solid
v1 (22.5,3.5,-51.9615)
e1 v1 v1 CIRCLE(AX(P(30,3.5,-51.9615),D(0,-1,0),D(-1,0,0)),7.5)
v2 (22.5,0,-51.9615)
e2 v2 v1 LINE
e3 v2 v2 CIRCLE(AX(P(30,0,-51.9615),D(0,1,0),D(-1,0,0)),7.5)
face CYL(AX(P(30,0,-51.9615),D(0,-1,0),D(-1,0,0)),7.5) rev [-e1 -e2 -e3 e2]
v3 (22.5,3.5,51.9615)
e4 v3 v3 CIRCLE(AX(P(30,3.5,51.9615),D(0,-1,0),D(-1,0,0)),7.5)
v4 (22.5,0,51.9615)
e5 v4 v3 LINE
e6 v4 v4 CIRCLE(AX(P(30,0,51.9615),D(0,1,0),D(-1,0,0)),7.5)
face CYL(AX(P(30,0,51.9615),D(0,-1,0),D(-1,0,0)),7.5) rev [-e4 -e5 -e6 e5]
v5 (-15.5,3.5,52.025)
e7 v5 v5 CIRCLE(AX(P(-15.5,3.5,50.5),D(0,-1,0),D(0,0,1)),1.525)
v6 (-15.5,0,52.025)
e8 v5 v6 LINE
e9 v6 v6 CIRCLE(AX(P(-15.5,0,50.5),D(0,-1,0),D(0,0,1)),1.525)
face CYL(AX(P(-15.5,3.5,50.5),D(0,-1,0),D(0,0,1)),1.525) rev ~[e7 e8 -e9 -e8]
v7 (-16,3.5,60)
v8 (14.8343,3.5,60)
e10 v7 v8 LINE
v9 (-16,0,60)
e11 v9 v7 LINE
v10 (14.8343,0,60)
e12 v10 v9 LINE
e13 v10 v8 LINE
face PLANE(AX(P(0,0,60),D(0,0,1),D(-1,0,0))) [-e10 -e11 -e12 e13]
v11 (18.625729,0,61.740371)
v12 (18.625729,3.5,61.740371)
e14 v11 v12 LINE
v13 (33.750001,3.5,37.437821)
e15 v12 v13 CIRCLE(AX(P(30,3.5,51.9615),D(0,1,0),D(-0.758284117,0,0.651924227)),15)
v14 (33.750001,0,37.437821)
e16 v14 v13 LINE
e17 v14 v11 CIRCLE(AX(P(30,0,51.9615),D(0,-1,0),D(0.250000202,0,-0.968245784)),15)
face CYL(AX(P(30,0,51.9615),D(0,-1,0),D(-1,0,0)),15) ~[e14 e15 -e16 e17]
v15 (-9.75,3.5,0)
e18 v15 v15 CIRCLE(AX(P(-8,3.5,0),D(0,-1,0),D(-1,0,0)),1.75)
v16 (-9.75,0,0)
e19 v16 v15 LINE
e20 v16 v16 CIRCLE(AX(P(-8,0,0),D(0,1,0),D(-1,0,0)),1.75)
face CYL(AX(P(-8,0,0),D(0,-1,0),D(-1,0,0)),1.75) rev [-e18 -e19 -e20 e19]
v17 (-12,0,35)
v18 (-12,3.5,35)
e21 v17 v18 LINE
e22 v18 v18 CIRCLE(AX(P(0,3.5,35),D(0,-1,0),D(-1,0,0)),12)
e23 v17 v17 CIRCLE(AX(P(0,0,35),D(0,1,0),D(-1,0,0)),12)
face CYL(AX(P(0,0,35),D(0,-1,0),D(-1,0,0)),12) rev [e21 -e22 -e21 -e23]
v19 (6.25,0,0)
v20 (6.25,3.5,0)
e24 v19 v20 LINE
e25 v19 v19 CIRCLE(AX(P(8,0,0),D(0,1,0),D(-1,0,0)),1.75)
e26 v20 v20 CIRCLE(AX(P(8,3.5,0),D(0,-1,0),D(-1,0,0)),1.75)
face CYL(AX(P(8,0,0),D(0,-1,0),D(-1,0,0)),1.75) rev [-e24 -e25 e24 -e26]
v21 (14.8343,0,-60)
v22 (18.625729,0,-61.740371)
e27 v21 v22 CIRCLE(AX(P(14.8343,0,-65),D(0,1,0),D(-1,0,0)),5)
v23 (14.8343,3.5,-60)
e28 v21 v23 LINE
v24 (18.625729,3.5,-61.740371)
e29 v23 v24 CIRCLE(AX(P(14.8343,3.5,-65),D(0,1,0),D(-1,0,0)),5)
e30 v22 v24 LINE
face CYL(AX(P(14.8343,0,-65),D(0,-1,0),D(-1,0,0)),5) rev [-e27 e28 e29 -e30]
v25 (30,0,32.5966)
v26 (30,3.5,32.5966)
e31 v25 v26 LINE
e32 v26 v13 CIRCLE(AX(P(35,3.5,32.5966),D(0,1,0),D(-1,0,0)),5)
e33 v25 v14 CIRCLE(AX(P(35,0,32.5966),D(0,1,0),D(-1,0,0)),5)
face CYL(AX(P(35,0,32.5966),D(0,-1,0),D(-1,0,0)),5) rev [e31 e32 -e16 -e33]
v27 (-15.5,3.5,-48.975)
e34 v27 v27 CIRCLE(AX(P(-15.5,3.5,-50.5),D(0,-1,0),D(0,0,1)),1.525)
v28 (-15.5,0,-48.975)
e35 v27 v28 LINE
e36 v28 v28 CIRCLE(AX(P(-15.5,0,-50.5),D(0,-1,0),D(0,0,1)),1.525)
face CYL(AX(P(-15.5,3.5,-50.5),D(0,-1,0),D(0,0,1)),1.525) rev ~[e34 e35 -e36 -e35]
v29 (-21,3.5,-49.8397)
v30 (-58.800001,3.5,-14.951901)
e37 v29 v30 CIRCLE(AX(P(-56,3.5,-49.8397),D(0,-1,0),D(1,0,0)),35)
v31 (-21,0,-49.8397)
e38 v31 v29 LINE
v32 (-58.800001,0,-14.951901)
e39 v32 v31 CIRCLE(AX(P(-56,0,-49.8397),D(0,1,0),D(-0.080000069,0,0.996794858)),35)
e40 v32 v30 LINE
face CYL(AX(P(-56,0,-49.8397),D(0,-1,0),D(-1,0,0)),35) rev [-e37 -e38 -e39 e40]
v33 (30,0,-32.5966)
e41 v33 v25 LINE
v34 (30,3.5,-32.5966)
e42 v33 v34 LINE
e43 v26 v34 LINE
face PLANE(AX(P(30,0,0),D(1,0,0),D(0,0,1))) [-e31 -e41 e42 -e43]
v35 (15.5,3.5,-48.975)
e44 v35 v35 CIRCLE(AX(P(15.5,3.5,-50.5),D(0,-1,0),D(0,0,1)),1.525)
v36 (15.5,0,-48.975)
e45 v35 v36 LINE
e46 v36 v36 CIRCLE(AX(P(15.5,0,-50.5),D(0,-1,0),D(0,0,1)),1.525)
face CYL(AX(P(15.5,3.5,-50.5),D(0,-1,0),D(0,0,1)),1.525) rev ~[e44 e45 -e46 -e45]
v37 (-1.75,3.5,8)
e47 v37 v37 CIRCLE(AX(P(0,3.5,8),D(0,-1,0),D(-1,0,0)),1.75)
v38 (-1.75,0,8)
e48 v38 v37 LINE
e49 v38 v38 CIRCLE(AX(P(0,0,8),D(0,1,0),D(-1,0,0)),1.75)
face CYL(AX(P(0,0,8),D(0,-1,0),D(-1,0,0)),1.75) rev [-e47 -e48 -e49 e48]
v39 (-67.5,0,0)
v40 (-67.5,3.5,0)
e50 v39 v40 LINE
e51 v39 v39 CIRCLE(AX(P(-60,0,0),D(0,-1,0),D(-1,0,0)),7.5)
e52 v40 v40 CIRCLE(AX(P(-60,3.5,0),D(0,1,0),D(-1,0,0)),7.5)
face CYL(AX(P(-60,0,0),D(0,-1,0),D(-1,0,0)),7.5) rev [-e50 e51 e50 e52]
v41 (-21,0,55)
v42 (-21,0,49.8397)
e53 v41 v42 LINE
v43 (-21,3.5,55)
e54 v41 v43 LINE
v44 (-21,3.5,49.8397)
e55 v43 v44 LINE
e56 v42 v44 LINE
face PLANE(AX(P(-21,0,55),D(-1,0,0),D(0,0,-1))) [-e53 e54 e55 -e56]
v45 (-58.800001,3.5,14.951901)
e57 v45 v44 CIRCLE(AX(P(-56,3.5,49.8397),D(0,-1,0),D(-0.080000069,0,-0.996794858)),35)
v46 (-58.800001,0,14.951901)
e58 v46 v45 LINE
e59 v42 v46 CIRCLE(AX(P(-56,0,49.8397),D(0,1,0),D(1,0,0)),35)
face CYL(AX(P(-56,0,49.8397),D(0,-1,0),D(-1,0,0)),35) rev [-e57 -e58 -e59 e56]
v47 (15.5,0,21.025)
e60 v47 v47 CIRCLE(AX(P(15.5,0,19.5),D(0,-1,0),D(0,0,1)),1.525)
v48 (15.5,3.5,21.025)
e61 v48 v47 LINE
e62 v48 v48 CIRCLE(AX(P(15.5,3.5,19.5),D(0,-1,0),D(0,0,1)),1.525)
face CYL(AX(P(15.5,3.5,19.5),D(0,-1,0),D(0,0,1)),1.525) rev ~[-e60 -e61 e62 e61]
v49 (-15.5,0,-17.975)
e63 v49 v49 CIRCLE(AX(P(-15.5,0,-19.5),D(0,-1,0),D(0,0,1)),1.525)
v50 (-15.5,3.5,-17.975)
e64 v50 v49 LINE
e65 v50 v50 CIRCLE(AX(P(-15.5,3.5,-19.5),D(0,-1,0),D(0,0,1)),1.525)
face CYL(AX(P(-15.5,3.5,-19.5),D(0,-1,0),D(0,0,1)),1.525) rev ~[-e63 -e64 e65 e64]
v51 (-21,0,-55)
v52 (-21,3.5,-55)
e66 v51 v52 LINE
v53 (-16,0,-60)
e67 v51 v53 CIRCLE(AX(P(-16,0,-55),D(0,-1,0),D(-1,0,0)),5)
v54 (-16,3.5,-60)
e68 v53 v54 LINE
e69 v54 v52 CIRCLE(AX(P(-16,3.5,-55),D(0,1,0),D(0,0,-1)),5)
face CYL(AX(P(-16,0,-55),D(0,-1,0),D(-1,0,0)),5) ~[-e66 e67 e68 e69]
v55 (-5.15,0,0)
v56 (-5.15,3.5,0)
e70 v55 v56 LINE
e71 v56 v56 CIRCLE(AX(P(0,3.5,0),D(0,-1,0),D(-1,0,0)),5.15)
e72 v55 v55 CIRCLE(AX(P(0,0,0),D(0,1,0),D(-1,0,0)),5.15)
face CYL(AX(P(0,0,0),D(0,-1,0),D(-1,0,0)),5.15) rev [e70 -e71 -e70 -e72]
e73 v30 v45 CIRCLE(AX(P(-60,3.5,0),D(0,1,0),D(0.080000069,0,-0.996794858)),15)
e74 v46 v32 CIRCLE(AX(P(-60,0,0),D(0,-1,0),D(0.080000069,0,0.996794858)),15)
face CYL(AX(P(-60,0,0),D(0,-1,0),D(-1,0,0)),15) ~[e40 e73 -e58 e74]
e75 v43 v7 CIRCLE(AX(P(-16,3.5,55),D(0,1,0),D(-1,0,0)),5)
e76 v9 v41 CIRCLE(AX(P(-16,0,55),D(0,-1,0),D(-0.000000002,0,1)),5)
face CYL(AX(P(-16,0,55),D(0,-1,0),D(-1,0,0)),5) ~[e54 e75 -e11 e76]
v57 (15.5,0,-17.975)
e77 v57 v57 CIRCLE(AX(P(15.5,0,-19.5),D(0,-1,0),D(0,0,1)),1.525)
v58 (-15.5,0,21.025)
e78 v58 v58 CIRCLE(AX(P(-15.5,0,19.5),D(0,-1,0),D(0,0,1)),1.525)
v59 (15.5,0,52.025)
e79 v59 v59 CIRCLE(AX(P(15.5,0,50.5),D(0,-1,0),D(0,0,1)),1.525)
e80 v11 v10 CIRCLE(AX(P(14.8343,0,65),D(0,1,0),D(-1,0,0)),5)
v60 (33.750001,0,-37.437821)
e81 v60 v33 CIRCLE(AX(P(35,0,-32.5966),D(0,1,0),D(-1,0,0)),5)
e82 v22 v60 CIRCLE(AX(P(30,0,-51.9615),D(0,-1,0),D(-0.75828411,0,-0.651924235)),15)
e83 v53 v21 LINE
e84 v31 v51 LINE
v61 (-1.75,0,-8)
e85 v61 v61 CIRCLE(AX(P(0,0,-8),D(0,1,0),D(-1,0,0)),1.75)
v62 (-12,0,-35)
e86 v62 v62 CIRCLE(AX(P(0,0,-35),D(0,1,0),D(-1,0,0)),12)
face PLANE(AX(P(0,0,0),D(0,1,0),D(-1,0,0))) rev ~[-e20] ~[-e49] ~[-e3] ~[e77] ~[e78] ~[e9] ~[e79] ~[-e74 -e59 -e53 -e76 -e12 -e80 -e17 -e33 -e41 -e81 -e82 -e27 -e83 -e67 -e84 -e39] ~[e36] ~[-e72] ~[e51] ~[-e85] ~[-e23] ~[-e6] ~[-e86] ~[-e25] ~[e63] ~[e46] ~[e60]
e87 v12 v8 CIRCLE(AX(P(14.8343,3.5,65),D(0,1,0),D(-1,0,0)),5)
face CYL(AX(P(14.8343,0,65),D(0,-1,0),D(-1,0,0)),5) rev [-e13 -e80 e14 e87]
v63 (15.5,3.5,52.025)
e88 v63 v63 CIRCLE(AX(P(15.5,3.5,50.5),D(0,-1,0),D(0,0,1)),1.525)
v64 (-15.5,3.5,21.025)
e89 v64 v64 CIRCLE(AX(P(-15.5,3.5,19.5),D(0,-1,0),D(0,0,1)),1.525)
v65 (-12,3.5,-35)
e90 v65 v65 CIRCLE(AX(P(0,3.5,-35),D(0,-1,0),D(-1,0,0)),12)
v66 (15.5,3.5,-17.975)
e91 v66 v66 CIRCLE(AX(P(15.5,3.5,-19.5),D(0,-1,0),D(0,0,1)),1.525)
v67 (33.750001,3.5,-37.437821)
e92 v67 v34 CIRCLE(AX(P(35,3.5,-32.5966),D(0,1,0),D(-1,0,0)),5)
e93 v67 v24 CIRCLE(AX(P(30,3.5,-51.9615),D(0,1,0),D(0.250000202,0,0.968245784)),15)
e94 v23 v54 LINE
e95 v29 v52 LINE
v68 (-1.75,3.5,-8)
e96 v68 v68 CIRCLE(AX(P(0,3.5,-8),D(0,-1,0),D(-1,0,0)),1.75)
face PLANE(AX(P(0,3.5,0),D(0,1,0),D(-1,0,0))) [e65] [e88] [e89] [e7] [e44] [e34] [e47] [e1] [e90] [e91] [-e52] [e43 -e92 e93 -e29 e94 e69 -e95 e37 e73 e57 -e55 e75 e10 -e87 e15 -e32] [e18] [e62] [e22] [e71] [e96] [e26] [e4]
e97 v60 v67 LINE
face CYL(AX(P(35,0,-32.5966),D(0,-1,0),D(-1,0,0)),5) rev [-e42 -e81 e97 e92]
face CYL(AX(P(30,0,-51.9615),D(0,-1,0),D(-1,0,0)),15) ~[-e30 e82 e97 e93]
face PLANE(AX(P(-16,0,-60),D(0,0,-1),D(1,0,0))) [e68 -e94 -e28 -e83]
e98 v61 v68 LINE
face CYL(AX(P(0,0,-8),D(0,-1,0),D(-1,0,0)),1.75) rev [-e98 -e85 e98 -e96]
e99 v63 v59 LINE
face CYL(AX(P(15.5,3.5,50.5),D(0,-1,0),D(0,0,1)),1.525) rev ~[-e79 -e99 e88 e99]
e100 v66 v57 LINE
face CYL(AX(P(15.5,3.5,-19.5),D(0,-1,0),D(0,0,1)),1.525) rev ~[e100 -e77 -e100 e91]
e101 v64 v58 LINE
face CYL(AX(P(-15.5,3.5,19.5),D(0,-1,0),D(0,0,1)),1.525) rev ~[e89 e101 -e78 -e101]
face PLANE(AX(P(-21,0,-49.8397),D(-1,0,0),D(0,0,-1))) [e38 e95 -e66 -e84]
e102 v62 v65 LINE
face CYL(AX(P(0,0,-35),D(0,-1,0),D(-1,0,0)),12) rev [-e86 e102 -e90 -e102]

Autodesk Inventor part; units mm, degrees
ref_plane "YZ Plane" through (0, 0, 0) normal (1, 0, 0) x (0, 1, 0)
ref_plane "XZ Plane" through (0, 0, 0) normal (0, 1, 0) x (-1, 0, 0)
ref_plane "XY Plane" through (0, 0, 0) normal (0, 0, 1) x (1, 0, 0)
sketch "Sketch1" plane through (0, 0, 0) normal (0, 1, 0) x (-1, 0, 0)
  circle A0 centre (0, 0) radius 60
  circle A1 centre (60, 0) radius 7.5
  circle A2 centre (-30, 51.9615) radius 7.5
  circle A3 centre (-30, -51.9615) radius 7.5
  circle A4 centre (0, -35) radius 12
  line L0 (0, -118.7756) -> (0, 118.7756) projected
  line L1 (121.2, 0) -> (-90.2, 0) projected
  circle A5 centre (0, 35) radius 12
  line L2 (21, 10) -> (-21, 10)
  line L3 (-21, 10) -> (-21, 60)
  line L4 (-21, 60) -> (21, 60)
  line L5 (21, 60) -> (21, 10)
  line L6 (21, 10) -> (-21, 60) construction
  line L7 (-21, 10) -> (21, 60) construction
  line L8 (21, -60) -> (-21, -60)
  line L9 (-21, -60) -> (-21, -10)
  line L10 (-21, -10) -> (21, -10)
  line L11 (21, -10) -> (21, -60)
  line L12 (21, -60) -> (-21, -10) construction
  line L13 (-21, -60) -> (21, -10) construction
  circle A6 centre (60, 0) radius 15
  circle A7 centre (-30, 51.9615) radius 15
  circle A8 centre (-30, -51.9615) radius 15
  circle A9 centre (56, 49.8397) radius 35
  circle A10 centre (56, -49.8397) radius 35
  circle A11 centre (0, 0) radius 5.15
  circle A12 centre (16, 55) radius 5
  circle A13 centre (16, -55) radius 5
  circle A14 centre (-14.8343, -65) radius 5
  circle A15 centre (-14.8343, 65) radius 5
  line L14 (-30, -36.9615) -> (-30, 36.9615)
  circle A16 centre (-35, -32.5966) radius 5
  circle A17 centre (-35, 32.5966) radius 5
  circle A18 centre (0, -8) radius 1.75
  circle A19 centre (8, 0) radius 1.75
  circle A20 centre (0, 8) radius 1.75
  circle A21 centre (-8, 0) radius 1.75
  line L15 (0, -9.75) -> (0, -10)
  point P0 (58.8, 14.9519)
  point P1 (21, 49.8397)
  point P2 (21, 55)
  point P3 (16, 60)
  point P4 (-16.174, 57.7789)
  point P5 (-21, 56.3204)
  point P6 (-21, -56.3204)
  point P7 (16, -60)
  point P8 (21, -55)
  point P9 (21, -49.8397)
  point P10 (58.8, -14.9519)
  point P11 (20.8372, -56.2655)
  point P12 (21, -56.205)
  point P13 (12.5965, -58.6628)
  point P14 (0, -60)
  point P15 (20.8372, 56.2655)
  point P16 (21, 56.205)
  point P17 (12.5965, 58.6628)
  point P18 (-21, -39.9615)
  point P19 (0, -10)
  point P20 (0, -5.15)
  point P21 (-5.15, 0)
  point P22 (-21, -56.205)
  point P23 (-16.174, -57.7789)
  point P24 (0, -60)
  point P25 (0, -47)
  point P26 (0, -23)
  point P27 (0, 5.15)
  point P28 (0, 10)
  point P29 (-21, 39.9615)
  point P30 (0, 60)
  point P31 (0, 23)
  point P32 (0, 47)
  point P33 (0, 60)
  point P34 (5.15, 0)
  point P35 (45, 0)
  point P36 (21.546, -55.9979)
  point P37 (58.1195, -14.904)
  point P38 (58.125, -14.8824)
  point P39 (58.1195, 14.904)
  point P40 (21.546, 55.9979)
  point P41 (58.125, 14.8824)
  point P42 (-60, 0)
  point P43 (-41.951, -42.8966)
  point P44 (-23.2831, -55.2982)
  point P45 (-36.2481, -47.8129)
  point P46 (-36.2481, 47.8129)
  point P47 (-23.2831, 55.2982)
  point P48 (-21, 56.205)
  point P49 (75, 0)
  point P50 (59.5312, 7.4853)
  point P51 (67.5, 0)
  point P52 (59.5312, -7.4853)
  point P53 (52.5, 0)
  point P54 (60, 0)
  point P55 (-41.951, 42.8966)
  point P56 (-17.3358, -60)
  point P57 (-17.3358, 60)
  point P58 (-14.8343, 60)
  point P59 (-18.6257, 61.7404)
  point P60 (-33.75, 37.4378)
  point P61 (-30, 32.5966)
  point P62 (-30, -32.5966)
  point P63 (-33.75, -37.4378)
  point P64 (-18.6257, -61.7404)
  point P65 (-14.8343, -60)
  point P66 (-30, 0)
  dimension "d0" = 120
  dimension "d13" = 30
  dimension "d14" = 30
  dimension "d28" = 3.5
  dimension "d1" = 15
  dimension "d4" = 360
  dimension "d6" = 24
  dimension "d7" = 35
  dimension "d8" = 42
  dimension "d9" = 50
  dimension "d10" = 42
  dimension "d11" = 50
  dimension "d12" = 30
  dimension "d15" = 70
  dimension "d16" = 10.3
  dimension "d19" = 10
  dimension "d20" = 10
  dimension "d23" = 10
  dimension "d24" = 10
  dimension "d25" = 30
  dimension "d26" = 10
  dimension "d27" = 10
  dimension "d29" = 8
  dimension "d32" = 360
extrude "Extrusion1" add sketch "Sketch1" along normal blind 3.5 contours A1 L1 A6 A0 | A0 A6 L1 A1 | A1 L1 A6 A0 | A0 A6 L1 A1 | A6 L1 A19 A11 L0 A20 L2 L5 A9 A0 | A0 A9 A6 | A6 A10 A0 | A0 A10 L11 L10 L0 A18 A11 L1 A19 A6 | L5 L2 L0 A5 A0 A12 | L11 A13 A0 L0 A4 L10 | A12 A0 | A13 A0 | A0 A12 | A0 L4 A12 | L2 L3 A7 A0 L0 A5 | L0 A20 A11 L1 A21 L14 A7 L3 L2 | A13 A0 | L10 L9 A8 L14 L1 A21 A11 L0 A18 | L0 A4 A0 A8 L9 L10 | A13 L8 A0 | A0 A7 L4 | L8 A8 A0 | A7 L3 A0 | A0 L3 L4 A7 | L4 A7 A15 | A7 A0 A2 L3 | A8 A0 L9 | L9 A0 A3 A8 | A8 L8 L9 A0 | A14 A8 L8 | A0 A2 A7 L4 L3 | L14 A17 A7 | L9 L8 A8 A0 A3 | A8 A16 L14
sketch "Sketch2" plane through (0, 3.5, 0) normal (0, 1, 0) x (1, 0, 0)
  circle A0 centre (0, -35) radius 12 projected
  line L0 (-99, 0) -> (69, 0) projected
  point P0 (0, 0)
  point P1 (15.5, -50.5)
  point P2 (-15.5, -50.5)
  point P3 (-15.5, -19.5)
  point P4 (15.5, -19.5)
  point P5 (15.5, 50.5)
  point P6 (-15.5, 50.5)
  point P7 (-15.5, 19.5)
  point P8 (15.5, 19.5)
  dimension "d34" = 15.5
  dimension "d35" = 31
  dimension "d36" = 15.5
  dimension "d37" = 31
hole "Hole1" at (15.5, 3.5, 50.5) at (-15.5, 3.5, 50.5) at (-15.5, 3.5, 19.5) at (15.5, 3.5, 19.5) at (15.5, 3.5, -50.5) at (-15.5, 3.5, -50.5) at (-15.5, 3.5, -19.5) at (15.5, 3.5, -19.5) direction (0, -1, 0) diameter 3.05 end through all
properties part number "De_Tren" material "Aluminum 6061"
